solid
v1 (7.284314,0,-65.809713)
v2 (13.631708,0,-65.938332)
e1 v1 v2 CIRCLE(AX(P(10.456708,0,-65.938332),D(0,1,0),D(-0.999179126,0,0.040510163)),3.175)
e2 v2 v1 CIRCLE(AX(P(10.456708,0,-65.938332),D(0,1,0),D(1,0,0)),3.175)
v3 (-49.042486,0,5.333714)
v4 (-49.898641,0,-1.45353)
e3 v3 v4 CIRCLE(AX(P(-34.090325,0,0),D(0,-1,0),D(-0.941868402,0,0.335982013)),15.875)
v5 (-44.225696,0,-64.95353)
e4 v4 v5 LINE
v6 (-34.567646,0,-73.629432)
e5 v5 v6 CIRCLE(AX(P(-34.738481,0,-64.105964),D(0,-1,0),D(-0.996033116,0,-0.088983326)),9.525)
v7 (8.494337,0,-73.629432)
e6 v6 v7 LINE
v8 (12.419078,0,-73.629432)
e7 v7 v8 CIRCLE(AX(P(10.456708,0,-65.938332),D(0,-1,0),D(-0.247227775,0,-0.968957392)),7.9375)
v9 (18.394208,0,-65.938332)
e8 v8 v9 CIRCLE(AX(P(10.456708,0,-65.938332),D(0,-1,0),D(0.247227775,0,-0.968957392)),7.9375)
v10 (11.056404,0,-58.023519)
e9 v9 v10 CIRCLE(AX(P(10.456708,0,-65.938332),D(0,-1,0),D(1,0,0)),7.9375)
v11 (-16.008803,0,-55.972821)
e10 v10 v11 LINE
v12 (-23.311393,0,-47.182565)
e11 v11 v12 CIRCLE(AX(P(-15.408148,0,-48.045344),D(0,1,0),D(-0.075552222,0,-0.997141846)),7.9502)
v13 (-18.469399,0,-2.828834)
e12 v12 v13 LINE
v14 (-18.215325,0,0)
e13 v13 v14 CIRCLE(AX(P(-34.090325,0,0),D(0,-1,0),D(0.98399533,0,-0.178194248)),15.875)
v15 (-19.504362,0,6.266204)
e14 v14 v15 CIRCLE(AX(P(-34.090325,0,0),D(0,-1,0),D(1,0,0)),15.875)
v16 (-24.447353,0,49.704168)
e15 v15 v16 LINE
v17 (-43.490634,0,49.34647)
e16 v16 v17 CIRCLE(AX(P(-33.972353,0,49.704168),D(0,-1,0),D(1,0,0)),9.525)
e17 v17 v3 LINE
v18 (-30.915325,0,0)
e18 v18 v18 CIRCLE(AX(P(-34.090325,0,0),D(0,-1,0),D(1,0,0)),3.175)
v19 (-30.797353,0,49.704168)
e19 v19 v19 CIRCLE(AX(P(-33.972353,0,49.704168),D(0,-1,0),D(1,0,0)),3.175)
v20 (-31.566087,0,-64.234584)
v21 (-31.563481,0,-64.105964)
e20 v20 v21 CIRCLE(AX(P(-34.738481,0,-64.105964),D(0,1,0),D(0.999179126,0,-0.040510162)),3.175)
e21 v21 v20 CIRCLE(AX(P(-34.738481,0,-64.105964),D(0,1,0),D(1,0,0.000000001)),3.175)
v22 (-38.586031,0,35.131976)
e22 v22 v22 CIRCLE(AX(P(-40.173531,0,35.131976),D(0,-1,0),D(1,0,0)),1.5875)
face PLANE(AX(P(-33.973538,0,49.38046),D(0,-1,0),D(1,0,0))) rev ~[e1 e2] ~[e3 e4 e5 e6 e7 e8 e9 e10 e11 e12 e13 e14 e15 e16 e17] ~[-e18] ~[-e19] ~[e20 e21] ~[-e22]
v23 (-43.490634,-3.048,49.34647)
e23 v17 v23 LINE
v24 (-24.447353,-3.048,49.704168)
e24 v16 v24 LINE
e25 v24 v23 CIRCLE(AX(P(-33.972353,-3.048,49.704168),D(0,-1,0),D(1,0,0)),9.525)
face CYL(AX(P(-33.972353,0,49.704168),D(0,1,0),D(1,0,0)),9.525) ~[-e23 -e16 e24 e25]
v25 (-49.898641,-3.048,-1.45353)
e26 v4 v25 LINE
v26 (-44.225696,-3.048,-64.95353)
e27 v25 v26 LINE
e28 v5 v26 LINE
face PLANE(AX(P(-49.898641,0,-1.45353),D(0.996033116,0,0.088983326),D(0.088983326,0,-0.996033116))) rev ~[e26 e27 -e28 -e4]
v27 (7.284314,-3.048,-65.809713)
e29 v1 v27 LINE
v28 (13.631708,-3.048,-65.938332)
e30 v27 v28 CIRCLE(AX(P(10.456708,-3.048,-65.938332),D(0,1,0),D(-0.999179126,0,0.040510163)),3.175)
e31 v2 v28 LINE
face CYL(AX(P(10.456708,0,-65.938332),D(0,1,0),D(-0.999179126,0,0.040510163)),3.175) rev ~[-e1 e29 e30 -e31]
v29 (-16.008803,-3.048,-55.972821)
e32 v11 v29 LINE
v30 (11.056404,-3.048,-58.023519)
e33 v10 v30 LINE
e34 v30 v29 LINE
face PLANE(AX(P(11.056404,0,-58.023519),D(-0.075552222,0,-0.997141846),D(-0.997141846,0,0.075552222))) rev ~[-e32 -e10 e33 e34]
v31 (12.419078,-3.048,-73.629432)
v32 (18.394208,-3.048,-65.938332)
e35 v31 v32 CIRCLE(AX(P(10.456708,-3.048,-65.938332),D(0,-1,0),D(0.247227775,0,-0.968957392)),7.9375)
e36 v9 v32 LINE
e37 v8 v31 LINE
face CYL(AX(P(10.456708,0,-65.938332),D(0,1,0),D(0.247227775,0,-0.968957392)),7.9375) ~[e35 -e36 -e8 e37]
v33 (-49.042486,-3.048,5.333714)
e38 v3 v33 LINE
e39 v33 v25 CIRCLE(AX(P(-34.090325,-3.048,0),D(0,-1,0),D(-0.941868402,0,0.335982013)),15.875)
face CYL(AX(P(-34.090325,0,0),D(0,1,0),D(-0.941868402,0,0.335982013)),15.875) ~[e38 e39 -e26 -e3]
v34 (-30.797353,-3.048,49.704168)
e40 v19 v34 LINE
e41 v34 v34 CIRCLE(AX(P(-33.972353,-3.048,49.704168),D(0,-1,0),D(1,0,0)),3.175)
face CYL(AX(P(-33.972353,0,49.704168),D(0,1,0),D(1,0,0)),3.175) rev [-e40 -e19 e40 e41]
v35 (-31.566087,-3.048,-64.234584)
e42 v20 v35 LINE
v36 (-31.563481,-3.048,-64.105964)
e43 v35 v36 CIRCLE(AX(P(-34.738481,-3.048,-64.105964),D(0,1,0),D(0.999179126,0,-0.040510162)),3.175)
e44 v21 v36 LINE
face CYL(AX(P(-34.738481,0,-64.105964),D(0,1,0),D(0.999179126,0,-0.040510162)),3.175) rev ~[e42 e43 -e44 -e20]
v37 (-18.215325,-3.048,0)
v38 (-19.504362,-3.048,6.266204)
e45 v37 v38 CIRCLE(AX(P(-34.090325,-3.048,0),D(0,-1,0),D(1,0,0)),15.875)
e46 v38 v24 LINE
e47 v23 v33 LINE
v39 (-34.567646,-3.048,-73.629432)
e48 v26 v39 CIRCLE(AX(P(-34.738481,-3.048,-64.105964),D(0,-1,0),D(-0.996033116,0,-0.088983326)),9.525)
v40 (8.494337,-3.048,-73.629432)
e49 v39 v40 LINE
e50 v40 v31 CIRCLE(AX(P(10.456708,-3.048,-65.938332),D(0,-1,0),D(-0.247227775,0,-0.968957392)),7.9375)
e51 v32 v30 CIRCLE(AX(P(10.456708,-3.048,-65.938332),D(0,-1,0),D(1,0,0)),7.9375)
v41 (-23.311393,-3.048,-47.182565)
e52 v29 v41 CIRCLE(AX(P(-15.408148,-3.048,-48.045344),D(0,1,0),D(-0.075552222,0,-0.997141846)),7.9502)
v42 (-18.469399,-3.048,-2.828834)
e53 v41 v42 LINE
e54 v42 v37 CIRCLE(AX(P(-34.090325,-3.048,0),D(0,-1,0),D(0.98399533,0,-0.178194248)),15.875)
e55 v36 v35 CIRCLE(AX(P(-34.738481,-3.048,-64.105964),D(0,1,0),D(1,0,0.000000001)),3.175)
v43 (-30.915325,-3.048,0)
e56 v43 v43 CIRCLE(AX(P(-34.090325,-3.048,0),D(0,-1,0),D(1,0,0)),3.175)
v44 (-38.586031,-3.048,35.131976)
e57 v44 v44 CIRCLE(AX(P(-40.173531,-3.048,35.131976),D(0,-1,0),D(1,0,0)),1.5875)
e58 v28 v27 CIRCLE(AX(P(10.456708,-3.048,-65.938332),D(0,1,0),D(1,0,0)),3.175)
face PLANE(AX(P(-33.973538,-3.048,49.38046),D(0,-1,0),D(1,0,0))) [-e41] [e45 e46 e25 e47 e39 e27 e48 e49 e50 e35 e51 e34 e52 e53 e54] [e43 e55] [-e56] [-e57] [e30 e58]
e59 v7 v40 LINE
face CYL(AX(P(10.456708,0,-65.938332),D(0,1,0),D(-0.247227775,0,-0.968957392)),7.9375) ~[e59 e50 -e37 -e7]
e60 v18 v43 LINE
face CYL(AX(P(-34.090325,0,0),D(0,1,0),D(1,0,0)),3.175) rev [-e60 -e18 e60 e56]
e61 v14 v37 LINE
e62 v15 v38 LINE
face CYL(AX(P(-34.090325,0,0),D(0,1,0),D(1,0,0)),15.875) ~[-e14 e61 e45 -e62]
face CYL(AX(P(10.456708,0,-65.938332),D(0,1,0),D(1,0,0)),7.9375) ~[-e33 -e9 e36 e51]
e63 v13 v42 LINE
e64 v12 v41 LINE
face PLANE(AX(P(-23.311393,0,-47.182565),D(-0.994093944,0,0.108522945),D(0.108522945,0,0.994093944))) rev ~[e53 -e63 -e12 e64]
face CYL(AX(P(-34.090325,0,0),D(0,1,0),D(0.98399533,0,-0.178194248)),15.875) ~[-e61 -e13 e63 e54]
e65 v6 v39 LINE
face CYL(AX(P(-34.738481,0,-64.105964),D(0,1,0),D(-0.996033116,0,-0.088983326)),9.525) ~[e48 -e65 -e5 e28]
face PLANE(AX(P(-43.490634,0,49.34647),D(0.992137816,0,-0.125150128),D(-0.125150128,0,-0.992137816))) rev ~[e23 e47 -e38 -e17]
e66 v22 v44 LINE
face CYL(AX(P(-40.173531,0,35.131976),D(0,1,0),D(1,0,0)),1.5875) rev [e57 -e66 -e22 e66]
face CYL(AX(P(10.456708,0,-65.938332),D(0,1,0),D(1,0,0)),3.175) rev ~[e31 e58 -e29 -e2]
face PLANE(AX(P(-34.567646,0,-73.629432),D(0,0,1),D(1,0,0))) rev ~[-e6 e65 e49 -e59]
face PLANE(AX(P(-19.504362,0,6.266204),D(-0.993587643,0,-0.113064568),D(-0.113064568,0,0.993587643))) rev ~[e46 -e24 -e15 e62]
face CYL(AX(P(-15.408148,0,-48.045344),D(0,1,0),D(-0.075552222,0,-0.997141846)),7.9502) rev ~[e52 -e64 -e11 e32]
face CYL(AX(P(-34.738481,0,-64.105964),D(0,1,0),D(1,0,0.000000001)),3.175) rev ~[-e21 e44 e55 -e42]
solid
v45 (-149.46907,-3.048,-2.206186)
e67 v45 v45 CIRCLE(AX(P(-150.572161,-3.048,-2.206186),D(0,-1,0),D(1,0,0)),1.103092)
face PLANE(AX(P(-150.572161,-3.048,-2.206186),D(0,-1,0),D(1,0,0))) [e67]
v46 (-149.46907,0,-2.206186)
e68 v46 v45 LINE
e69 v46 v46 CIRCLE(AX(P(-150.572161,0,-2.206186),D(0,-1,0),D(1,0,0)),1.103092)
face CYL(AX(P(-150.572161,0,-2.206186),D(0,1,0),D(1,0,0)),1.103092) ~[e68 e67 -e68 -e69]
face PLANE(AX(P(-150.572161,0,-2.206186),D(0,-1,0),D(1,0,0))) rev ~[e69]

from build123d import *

# Parameters (mm, degrees)
F0_R     = 3.175
F0_R_2   = 1.5875
F1_DEPTH = 3.048
F0_R_3   = 1.1030918325


with BuildPart() as f1:
    # F0 (on Front) → F1 (new body)
    with BuildSketch(Plane.XZ):
        with BuildLine():
            ThreePointArc((-34.3240571053, 40.1856634328), (-27.362676467, 42.8457567674), (-24.4473527431, 49.7041679919))
            ThreePointArc((-24.4473527431, 49.7041679919), (-34.1512333085, 59.2274881452), (-43.4906339491, 49.3464699566))
            ThreePointArc((-43.4906339491, 49.3464699566), (-40.7054239458, 42.9668556806), (-34.3240571053, 40.1856634328))
        make_face()
        with Locations((-33.9723527431, 49.7041679919)):
            Circle(F0_R, mode=Mode.SUBTRACT)
        with BuildLine():
            Line((-19.5043619142, 6.2662041398), (-24.4473527431, 49.7041679919))
            ThreePointArc((-24.4473527431, 49.7041679919), (-27.362676467, 42.8457567674), (-34.3240571053, 40.1856634328))
            Line((-34.3240571053, 40.1856634328), (-34.3240571053, 15.8732792506))
            ThreePointArc((-34.3240571053, 15.8732792506), (-25.4548975397, 13.3208491692), (-19.5043619142, 6.2662041398))
        make_face()
        with BuildLine():
            ThreePointArc((-34.3240571053, 40.1856634328), (-40.7054239458, 42.9668556806), (-43.4906339491, 49.3464699566))
            Line((-43.4906339491, 49.3464699566), (-49.0424855942, 5.3337144552))
            ThreePointArc((-49.0424855942, 5.3337144552), (-43.3328051775, 12.9070593012), (-34.3240571053, 15.8732792506))
            Line((-34.3240571053, 15.8732792506), (-34.3240571053, 40.1856634328))
        make_face()
        with Locations((-40.1735305786, 35.1319760084)):
            Circle(F0_R_2, mode=Mode.SUBTRACT)
        with BuildLine():
            Line((-18.4693988413, -2.8288336832), (-19.5043619142, 6.2662041398))
            ThreePointArc((-19.5043619142, 6.2662041398), (-25.4548975397, 13.3208491692), (-34.3240571053, 15.8732792506))
            ThreePointArc((-34.3240571053, 15.8732792506), (-43.3328051775, 12.9070593012), (-49.0424855942, 5.3337144552))
            Line((-49.0424855942, 5.3337144552), (-49.8986413632, -1.4535300434))
            ThreePointArc((-49.8986413632, -1.4535300434), (-44.7535172274, -11.7606101174), (-33.9932924134, -15.8747034534))
            ThreePointArc((-33.9932924134, -15.8747034534), (-23.876988735, -12.153328485), (-18.4693988413, -2.8288336832))
        make_face()
        with Locations((-34.0903247099, 0)):
            Circle(F0_R, mode=Mode.SUBTRACT)
        with BuildLine():
            ThreePointArc((-18.2153247099, 0), (-18.5409230432, 3.1987079906), (-19.5043619142, 6.2662041398))
            Line((-19.5043619142, 6.2662041398), (-18.4693988413, -2.8288336832))
            ThreePointArc((-18.4693988413, -2.8288336832), (-18.2789708279, -1.4201103541), (-18.2153247099, 0))
        make_face()
        with BuildLine():
            Line((-49.8986413632, -1.4535300434), (-49.0424855942, 5.3337144552))
            ThreePointArc((-49.0424855942, 5.3337144552), (-49.840512536, 1.9867582749), (-49.8986413632, -1.4535300434))
        make_face()
        with BuildLine():
            Line((-23.3113934871, -47.182565119), (-18.4693988413, -2.8288336832))
            ThreePointArc((-18.4693988413, -2.8288336832), (-23.876988735, -12.153328485), (-33.9932924134, -15.8747034534))
            Line((-33.9932924134, -15.8747034534), (-33.9932924134, -54.6101585084))
            ThreePointArc((-33.9932924134, -54.6101585084), (-27.7447856232, -57.6396006759), (-25.2134807962, -64.1059638599))
            ThreePointArc((-25.2134807962, -64.1059638599), (-25.215435702, -64.298933116), (-25.2212996169, -64.4918231622))
            Line((-25.2212996169, -64.4918231622), (2.5257232705, -65.616783031))
            ThreePointArc((2.5257232705, -65.616783031), (5.1792686503, -60.0093743182), (11.056403534, -58.0235190582))
            Line((11.056403534, -58.0235190582), (-16.0088030873, -55.9728213429))
            ThreePointArc((-16.0088030873, -55.9728213429), (-21.5233938378, -53.1256440362), (-23.3113934871, -47.182565119))
        make_face()
        with BuildLine():
            ThreePointArc((-33.9932924134, -15.8747034534), (-44.7535172274, -11.7606101174), (-49.8986413632, -1.4535300434))
            Line((-49.8986413632, -1.4535300434), (-44.2256962235, -64.9535300434))
            ThreePointArc((-44.2256962235, -64.9535300434), (-41.5098981433, -57.4071929197), (-33.9932924134, -54.6101585084))
            Line((-33.9932924134, -54.6101585084), (-33.9932924134, -15.8747034534))
        make_face()
        with BuildLine():
            ThreePointArc((-33.9932924134, -54.6101585084), (-41.5098981433, -57.4071929197), (-44.2256962235, -64.9535300434))
            ThreePointArc((-44.2256962235, -64.9535300434), (-41.1037425062, -71.1917996161), (-34.5676464341, -73.6294317483))
            ThreePointArc((-34.5676464341, -73.6294317483), (-28.0797734178, -70.9167818027), (-25.2212996169, -64.4918231622))
            ThreePointArc((-25.2212996169, -64.4918231622), (-25.215435702, -64.298933116), (-25.2134807962, -64.1059638599))
            ThreePointArc((-25.2134807962, -64.1059638599), (-27.7447856232, -57.6396006759), (-33.9932924134, -54.6101585084))
        make_face()
        with BuildLine():
            ThreePointArc((-31.5634807962, -64.1059638599), (-31.5641324314, -64.1702869453), (-31.5660870697, -64.2345836273))
            ThreePointArc((-31.5660870697, -64.2345836273), (-37.9128291609, -64.0416407746), (-31.5634807962, -64.1059638599))
        make_face(mode=Mode.SUBTRACT)
        with BuildLine():
            ThreePointArc((-25.2212996169, -64.4918231622), (-28.0797734178, -70.9167818027), (-34.5676464341, -73.6294317483))
            Line((-34.5676464341, -73.6294317483), (8.4943371253, -73.6294317483))
            ThreePointArc((8.4943371253, -73.6294317483), (4.0911556031, -70.6800256277), (2.5257232705, -65.616783031))
            Line((2.5257232705, -65.616783031), (-25.2212996169, -64.4918231622))
        make_face()
        with BuildLine():
            ThreePointArc((18.3942075866, -65.9383324496), (16.2775319626, -60.5418604693), (11.056403534, -58.0235190582))
            ThreePointArc((11.056403534, -58.0235190582), (5.1792686503, -60.0093743182), (2.5257232705, -65.616783031))
            ThreePointArc((2.5257232705, -65.616783031), (4.0911556031, -70.6800256277), (8.4943371253, -73.6294317483))
            Line((8.4943371253, -73.6294317483), (12.4190780479, -73.6294317483))
            ThreePointArc((12.4190780479, -73.6294317483), (16.72489001, -70.8080136873), (18.3942075866, -65.9383324496))
        make_face()
        with BuildLine():
            ThreePointArc((13.6317075866, -65.9383324496), (10.3923845012, -69.1126808143), (7.2843138602, -65.8097126822))
            ThreePointArc((7.2843138602, -65.8097126822), (10.5210306719, -62.7639840848), (13.6317075866, -65.9383324496))
        make_face(mode=Mode.SUBTRACT)
        with BuildLine():
            Line((12.4190780479, -73.6294317483), (8.4943371253, -73.6294317483))
            ThreePointArc((8.4943371253, -73.6294317483), (10.4567075866, -73.8758324496), (12.4190780479, -73.6294317483))
        make_face()
    extrude(amount=F1_DEPTH)


with BuildPart() as f1b:
    # F0 (on Front) → F1, piece 2 (new body)
    with BuildSketch(Plane.XZ):
        with Locations((-150.5721614524, -2.2061855226)):
            Circle(F0_R_3)
    extrude(amount=F1_DEPTH)


solid = Compound([f1.part, f1b.part])
